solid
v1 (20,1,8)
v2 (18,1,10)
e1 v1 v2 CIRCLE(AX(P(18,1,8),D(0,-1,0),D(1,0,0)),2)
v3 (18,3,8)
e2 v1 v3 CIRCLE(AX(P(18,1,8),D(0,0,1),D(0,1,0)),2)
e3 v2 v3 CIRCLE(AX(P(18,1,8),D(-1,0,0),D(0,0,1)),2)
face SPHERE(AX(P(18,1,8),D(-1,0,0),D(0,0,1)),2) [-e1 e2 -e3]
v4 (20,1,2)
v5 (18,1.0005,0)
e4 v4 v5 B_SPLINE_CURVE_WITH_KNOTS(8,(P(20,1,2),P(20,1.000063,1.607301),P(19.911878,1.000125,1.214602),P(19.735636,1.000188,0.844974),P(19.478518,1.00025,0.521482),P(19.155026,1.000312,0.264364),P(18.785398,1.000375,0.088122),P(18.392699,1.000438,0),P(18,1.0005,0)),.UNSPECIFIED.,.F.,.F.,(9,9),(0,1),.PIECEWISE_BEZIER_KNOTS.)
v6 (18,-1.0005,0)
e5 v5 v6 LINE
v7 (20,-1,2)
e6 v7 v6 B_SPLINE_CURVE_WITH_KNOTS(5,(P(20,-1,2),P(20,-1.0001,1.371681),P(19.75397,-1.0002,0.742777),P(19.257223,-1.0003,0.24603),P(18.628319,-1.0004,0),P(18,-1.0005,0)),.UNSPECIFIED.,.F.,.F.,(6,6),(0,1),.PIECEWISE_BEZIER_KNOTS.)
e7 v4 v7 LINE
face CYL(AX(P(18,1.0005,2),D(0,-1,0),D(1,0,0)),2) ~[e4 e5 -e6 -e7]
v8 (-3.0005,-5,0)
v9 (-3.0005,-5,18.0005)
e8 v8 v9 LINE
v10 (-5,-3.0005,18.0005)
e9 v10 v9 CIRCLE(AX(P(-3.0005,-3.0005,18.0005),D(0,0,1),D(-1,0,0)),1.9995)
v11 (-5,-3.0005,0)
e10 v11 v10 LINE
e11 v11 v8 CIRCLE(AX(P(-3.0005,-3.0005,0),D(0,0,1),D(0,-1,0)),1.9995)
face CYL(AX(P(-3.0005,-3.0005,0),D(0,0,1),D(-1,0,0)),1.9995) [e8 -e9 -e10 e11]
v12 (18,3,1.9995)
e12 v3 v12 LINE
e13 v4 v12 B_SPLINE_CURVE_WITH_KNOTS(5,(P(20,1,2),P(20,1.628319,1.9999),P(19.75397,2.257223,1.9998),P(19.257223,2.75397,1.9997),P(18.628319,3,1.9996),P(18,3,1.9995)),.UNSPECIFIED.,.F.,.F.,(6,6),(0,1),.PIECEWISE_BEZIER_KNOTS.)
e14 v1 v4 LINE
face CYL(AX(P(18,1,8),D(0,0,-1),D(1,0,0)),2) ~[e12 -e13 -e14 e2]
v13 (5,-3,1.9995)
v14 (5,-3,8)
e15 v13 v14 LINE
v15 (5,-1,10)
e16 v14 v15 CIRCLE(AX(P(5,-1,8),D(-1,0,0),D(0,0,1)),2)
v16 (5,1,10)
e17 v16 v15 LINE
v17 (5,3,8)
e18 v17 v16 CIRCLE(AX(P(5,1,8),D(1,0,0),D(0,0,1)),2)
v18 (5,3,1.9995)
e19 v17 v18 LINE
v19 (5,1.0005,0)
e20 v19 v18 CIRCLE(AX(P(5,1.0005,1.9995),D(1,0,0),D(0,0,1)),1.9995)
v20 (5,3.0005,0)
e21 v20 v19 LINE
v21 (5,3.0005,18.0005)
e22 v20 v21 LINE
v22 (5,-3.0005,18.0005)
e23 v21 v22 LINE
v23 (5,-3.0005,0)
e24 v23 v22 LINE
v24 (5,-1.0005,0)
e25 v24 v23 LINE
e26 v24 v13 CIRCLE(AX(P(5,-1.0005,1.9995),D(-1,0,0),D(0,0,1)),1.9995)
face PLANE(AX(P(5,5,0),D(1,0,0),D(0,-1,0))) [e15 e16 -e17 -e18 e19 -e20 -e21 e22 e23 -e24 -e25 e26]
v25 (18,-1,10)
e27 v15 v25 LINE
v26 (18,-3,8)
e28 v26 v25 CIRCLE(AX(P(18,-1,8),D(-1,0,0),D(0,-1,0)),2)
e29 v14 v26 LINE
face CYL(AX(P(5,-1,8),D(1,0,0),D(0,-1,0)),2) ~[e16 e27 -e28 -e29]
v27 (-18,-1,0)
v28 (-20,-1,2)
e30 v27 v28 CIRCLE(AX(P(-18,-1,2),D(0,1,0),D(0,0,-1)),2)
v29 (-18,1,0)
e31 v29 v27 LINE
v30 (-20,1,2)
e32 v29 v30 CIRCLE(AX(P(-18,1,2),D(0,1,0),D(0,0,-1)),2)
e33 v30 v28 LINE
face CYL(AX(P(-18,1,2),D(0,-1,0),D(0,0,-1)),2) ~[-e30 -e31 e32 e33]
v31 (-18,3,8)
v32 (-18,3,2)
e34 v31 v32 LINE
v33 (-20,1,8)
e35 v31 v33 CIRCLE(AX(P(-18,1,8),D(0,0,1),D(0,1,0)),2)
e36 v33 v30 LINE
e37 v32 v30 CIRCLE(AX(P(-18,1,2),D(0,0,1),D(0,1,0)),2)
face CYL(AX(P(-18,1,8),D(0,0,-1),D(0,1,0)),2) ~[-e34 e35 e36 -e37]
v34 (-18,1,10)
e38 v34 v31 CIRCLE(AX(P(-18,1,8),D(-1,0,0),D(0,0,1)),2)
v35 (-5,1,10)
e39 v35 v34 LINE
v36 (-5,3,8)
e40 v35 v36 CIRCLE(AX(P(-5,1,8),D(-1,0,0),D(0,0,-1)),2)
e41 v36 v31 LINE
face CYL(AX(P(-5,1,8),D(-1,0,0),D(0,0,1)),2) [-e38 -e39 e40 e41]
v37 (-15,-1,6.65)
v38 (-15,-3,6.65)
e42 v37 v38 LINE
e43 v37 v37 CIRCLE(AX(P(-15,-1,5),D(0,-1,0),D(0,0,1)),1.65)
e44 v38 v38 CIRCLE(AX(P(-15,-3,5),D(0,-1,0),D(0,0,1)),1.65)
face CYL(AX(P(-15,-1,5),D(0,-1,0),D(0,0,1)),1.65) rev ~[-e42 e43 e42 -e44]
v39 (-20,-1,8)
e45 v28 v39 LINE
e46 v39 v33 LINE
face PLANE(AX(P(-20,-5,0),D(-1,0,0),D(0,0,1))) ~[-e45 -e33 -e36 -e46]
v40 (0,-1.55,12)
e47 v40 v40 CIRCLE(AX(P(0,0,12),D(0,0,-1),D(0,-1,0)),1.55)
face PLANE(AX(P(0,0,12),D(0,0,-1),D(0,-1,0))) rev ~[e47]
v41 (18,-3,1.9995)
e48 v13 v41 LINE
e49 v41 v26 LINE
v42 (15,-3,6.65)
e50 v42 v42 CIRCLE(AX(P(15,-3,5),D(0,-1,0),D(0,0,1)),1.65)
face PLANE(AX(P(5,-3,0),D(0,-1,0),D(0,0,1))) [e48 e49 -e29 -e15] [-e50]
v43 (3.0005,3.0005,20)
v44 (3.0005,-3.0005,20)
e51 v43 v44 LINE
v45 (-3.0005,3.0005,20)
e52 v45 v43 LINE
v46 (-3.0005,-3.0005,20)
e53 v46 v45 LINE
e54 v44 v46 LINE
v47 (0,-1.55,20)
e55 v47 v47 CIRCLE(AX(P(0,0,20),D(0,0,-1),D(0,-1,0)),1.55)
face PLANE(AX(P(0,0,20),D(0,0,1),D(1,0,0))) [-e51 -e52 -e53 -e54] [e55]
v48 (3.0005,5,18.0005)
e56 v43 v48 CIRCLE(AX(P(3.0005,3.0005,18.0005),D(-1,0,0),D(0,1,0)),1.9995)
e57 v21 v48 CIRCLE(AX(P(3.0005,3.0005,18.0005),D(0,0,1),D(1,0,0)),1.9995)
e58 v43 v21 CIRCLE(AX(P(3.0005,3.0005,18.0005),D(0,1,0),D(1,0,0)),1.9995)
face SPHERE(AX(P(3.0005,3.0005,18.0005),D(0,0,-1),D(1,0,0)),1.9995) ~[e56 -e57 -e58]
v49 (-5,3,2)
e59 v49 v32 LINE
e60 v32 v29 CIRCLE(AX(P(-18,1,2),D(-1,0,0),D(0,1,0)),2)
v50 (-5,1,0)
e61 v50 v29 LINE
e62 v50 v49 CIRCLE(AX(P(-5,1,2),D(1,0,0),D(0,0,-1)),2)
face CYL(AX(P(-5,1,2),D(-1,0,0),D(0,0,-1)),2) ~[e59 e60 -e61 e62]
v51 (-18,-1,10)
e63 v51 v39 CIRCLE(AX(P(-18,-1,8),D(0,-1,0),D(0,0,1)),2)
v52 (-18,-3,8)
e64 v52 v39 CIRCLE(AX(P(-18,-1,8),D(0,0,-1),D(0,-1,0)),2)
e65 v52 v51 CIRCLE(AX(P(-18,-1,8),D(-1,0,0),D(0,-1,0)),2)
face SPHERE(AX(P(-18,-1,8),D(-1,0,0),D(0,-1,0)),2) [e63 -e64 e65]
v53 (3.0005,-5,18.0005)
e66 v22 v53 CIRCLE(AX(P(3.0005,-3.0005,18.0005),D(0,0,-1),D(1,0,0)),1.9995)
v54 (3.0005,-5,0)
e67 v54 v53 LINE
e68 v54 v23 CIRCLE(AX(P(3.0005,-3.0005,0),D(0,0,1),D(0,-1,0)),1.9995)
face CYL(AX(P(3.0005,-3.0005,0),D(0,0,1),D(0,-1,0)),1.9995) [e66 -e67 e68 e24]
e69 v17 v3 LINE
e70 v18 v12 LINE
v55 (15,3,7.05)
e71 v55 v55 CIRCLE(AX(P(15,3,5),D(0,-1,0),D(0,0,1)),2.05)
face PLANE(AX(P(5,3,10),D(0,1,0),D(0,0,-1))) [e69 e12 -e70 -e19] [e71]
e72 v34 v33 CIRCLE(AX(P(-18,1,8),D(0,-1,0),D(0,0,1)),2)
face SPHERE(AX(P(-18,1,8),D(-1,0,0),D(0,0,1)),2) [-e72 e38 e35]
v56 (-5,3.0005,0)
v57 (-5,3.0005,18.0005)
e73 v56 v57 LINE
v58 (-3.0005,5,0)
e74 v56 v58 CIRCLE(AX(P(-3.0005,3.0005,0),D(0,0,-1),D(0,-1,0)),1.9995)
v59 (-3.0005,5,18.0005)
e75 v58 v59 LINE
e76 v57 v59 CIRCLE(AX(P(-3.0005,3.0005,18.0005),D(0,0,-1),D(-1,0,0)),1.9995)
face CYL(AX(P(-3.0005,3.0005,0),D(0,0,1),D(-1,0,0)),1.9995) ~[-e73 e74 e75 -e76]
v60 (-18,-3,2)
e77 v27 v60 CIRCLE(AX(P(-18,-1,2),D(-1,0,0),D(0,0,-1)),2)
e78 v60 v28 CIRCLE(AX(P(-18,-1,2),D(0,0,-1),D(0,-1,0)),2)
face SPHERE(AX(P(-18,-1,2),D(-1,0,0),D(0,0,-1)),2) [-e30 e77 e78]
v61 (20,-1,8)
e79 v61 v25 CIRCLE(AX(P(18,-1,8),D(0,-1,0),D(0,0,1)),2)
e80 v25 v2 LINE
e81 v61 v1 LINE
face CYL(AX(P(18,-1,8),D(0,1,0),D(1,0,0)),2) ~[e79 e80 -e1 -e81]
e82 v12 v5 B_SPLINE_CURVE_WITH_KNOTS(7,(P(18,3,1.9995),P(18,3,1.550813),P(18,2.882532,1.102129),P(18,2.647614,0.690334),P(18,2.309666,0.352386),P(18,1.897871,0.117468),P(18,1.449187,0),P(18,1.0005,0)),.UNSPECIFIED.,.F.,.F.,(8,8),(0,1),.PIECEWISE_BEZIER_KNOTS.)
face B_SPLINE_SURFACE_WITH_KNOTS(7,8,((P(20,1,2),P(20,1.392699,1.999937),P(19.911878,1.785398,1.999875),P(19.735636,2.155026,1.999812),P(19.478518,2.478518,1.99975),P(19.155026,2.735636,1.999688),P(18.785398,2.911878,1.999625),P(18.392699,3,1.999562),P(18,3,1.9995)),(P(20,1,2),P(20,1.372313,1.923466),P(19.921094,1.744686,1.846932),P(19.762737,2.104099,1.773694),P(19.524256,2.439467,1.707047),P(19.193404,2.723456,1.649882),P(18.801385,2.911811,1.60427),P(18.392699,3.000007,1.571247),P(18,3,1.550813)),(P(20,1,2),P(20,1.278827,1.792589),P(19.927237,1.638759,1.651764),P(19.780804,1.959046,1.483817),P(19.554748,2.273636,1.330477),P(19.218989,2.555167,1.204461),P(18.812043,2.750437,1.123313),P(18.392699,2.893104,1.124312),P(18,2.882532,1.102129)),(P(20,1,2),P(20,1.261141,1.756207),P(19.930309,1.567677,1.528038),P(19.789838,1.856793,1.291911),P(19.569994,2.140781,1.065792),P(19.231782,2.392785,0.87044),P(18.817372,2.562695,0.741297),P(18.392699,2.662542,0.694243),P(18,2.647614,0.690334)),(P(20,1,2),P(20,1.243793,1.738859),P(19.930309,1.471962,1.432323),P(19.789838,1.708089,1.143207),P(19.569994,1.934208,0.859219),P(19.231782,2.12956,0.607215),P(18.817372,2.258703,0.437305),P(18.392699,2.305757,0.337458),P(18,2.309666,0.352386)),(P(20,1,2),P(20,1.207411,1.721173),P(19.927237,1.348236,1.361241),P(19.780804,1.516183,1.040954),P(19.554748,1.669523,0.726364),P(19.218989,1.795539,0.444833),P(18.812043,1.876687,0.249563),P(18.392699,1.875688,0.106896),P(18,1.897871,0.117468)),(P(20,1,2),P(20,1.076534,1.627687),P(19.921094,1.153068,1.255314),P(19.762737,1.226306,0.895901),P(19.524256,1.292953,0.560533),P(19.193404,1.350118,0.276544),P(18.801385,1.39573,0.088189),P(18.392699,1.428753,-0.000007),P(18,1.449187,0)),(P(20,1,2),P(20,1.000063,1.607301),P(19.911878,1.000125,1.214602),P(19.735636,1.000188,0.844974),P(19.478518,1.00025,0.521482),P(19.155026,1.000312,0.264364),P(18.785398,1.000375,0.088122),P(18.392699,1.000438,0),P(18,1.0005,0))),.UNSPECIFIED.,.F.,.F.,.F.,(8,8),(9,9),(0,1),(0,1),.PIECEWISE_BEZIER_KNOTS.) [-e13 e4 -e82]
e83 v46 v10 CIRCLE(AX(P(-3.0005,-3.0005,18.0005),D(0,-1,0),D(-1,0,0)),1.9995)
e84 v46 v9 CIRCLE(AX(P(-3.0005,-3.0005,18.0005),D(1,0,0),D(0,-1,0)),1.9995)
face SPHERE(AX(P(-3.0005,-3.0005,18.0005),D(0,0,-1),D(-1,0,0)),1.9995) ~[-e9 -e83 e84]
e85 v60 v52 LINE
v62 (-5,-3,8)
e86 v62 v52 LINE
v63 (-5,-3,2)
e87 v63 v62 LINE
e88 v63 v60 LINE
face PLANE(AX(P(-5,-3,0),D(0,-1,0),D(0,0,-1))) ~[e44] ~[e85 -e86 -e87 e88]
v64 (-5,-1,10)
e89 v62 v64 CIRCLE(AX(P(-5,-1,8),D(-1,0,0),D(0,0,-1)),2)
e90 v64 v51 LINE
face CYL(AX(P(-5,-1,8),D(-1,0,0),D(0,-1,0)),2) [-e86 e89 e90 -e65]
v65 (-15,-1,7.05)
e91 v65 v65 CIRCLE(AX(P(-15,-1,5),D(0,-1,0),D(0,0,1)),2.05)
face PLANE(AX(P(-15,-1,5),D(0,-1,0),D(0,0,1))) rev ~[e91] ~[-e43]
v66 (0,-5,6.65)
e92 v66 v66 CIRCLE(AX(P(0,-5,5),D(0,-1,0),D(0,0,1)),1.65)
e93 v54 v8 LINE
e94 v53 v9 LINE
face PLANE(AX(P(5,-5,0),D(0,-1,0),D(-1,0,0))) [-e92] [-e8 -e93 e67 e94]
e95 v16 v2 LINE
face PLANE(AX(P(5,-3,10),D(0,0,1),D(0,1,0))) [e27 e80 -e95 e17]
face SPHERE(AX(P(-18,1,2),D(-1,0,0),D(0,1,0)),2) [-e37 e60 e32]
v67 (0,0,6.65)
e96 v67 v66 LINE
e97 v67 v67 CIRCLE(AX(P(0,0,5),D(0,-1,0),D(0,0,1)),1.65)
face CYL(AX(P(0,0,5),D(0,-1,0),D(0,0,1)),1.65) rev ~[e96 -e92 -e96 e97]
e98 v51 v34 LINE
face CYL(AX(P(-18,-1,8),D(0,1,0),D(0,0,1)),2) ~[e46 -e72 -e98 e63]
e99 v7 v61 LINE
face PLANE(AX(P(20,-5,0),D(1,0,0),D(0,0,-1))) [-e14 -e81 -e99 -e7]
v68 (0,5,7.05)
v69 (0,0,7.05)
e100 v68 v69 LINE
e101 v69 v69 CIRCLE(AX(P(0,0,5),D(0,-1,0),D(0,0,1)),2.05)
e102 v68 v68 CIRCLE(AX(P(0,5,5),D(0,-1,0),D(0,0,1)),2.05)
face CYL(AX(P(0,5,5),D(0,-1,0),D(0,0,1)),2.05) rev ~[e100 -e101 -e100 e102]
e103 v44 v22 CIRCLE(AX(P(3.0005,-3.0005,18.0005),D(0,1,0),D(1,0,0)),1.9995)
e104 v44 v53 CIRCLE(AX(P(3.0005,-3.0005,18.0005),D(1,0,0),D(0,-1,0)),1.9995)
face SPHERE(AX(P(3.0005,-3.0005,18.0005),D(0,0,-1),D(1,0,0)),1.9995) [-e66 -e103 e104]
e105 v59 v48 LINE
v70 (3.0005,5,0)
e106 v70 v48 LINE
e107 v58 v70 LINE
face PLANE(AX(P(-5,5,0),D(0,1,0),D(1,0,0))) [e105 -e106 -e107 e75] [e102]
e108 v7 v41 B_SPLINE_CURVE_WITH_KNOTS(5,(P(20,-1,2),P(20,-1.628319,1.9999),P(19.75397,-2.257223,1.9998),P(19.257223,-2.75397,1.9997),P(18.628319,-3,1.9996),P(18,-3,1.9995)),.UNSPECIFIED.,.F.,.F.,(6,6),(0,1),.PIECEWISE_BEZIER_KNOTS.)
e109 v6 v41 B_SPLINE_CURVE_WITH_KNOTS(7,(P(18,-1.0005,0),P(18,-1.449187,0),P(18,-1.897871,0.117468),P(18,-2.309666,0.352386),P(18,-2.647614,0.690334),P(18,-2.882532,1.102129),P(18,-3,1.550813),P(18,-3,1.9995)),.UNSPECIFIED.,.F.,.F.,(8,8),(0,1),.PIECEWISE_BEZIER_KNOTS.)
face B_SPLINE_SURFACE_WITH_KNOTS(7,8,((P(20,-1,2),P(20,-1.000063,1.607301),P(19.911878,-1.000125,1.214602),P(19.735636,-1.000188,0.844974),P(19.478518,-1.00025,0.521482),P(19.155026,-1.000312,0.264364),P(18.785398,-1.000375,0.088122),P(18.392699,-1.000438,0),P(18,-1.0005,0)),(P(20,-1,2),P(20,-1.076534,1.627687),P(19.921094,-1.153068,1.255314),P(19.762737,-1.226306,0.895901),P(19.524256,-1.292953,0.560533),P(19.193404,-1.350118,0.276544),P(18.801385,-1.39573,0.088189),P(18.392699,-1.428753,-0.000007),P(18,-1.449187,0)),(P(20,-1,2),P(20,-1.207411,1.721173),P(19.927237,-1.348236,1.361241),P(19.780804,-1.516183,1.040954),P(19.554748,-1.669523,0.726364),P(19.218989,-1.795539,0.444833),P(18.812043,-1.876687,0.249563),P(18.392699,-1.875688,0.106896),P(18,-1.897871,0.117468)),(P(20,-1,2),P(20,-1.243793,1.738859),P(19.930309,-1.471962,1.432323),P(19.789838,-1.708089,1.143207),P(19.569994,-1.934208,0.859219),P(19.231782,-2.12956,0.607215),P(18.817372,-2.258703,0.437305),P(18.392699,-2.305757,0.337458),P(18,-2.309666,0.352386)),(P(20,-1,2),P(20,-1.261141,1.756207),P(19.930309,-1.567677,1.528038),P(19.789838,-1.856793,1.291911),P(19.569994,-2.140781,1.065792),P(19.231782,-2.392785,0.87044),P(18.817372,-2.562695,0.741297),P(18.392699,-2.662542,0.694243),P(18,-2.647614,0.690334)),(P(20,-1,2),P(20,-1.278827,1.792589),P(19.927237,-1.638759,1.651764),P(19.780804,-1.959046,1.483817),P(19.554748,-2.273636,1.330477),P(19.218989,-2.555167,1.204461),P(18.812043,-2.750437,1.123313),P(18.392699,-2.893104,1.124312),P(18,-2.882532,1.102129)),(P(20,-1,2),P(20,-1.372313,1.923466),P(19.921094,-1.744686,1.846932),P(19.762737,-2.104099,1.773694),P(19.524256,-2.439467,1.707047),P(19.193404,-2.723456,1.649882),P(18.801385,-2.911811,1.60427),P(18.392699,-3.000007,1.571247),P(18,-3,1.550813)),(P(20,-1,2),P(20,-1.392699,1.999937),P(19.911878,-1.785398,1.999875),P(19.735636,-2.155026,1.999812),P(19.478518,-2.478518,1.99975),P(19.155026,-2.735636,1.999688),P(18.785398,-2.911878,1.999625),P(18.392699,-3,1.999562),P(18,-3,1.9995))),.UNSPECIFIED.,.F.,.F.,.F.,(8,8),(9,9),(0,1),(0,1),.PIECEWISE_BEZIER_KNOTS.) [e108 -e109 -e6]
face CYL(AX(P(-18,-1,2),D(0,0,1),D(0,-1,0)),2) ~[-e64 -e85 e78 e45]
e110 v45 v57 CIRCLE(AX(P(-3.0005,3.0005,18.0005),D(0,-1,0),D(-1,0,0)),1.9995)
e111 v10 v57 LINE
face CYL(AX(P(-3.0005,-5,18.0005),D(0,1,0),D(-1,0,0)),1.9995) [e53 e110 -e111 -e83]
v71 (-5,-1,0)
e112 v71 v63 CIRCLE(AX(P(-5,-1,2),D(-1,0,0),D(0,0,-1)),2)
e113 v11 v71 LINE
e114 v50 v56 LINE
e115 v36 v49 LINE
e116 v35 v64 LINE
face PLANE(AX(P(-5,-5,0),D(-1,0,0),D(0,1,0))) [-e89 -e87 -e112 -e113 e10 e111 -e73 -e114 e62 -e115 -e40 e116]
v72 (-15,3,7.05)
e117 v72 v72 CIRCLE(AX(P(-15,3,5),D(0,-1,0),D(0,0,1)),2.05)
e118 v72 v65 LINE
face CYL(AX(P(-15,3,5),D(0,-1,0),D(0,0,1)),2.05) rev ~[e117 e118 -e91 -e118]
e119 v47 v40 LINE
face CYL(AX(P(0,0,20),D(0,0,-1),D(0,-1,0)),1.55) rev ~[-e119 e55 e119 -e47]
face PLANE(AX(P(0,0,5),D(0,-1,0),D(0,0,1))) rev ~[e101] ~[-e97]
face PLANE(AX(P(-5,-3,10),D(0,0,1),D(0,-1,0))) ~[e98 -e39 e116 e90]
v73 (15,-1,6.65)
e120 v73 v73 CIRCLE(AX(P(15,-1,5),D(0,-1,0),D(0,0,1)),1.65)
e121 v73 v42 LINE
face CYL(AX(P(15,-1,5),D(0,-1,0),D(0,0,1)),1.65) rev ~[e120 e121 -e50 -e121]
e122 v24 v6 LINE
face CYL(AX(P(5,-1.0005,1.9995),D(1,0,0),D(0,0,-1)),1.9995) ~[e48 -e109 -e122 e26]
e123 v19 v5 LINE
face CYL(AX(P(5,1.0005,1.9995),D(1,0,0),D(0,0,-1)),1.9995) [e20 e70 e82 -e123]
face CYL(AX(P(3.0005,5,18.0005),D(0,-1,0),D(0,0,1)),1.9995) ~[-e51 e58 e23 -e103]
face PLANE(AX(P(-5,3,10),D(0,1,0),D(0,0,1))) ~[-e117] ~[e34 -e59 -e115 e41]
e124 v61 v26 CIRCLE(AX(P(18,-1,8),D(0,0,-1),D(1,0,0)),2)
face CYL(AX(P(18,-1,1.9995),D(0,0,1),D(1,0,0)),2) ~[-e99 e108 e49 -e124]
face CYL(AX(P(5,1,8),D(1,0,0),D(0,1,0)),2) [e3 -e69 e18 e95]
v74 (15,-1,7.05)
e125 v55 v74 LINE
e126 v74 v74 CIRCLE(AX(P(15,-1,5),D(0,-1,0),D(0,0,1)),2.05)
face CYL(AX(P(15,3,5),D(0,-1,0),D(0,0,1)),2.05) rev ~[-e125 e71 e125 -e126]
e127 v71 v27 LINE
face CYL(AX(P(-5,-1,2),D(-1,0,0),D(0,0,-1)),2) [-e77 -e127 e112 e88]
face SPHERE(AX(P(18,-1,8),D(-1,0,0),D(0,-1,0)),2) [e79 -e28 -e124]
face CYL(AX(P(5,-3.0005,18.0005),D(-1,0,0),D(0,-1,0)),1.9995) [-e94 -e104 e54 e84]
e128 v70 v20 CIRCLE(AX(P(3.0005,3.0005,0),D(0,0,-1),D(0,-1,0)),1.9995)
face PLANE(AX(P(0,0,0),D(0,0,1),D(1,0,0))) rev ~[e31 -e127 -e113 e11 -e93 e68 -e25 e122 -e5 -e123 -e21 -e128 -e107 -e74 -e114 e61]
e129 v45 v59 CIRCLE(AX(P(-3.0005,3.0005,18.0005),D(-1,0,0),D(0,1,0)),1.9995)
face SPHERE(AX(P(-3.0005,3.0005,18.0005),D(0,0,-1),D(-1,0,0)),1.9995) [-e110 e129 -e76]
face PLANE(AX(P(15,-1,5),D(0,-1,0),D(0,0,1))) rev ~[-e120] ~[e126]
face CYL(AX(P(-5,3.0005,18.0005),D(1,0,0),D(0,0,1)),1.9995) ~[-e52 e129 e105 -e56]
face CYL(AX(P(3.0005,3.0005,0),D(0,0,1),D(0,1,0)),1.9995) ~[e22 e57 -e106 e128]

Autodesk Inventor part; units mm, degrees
ref_plane "YZ Plane" through (0, 0, 0) normal (1, 0, 0) x (0, 1, 0)
sketch "Sketch6" plane through (0, 0, 0) normal (0, 0, 1) x (1, 0, 0)
  line L0 (-5, 5) -> (5, 5)
  line L1 (5, 5) -> (5, -5)
  line L2 (5, -5) -> (-5, -5)
  line L3 (-5, -5) -> (-5, 5)
  point P0 (0, 0)
  dimension "d31" = 10
  dimension "d32" = 10
  dimension "d33" = 5
  dimension "d34" = 5
extrude "Extrusion3" add sketch "Sketch6" along normal blind 20
sketch "Sketch7" plane through (0, 0, 20) normal (0, 0, 1) x (1, 0, 0)
  point P0 (0, 0)
  point P1 (0, 0)
hole "Hole4" at (0, 0, 20) direction (0, 0, -1) diameter 3.1 depth 8
sketch "Sketch8" plane through (-5, 5, 0) normal (0, 1, 0) x (1, 0, 0)
  point P0 (5, 0)
  point P1 (5, -5)
  dimension "d44" = 5
hole "Hole5" at (0, 5, 5) direction (0, -1, 0) diameter 3.3 end through all counterbore diameter 4.1 counterbore depth 5
sketch "Sketch9" plane through (5, -5, 0) normal (1, 0, 0) x (0, 0, -1)
  line L0 (0, 10) -> (-20, 10) construction
  line L1 (-10, 10) -> (-10, 0) construction
  line L2 (0, 0) -> (-20, 0) construction
  line L3 (0, 0) -> (0, 10) projected
  line L4 (-10, 8) -> (0, 8)
  line L5 (0, 8) -> (0, 2)
  line L6 (0, 2) -> (-10, 2)
  line L7 (-10, 2) -> (-10, 8)
  line L8 (0, 5) -> (-20, 5)
  line L9 (-20, 10) -> (-20, 0) projected
  dimension "d52" = 6
extrude "Extrusion4" add sketch "Sketch9" along normal blind 15
ref_plane "Work Plane2" through (5, 3, 2) normal (0, 1, 0) x (1, 0, 0)
ref_plane "Work Plane1" through (0, -3, 18) normal (1, 0, 0) x (0, 0, -1)
mirror "Mirror1" about plane through (0, -3, 18) normal (1, 0, 0) of "Extrusion4"
fillet "Fillet3" radius 2 6 edges at (-12.5, 3, 0) (-12.5, 3, 10) (12.5, 3, 10) (-12.5, -3, 10) (12.5, -3, 10) (-12.5, -3, 0)
fillet "Fillet4" radius 2 10 edges at (12.5, 3, 0) (12.5, -3, 0) (5, 5, 10) (-5, 5, 10) (-5, -5, 10) (5, -5, 10) (-5, 0, 20) (5, 0, 20) (0, 5, 20) (0, -5, 20)
fillet "Fillet5" radius 2 14 edges at (20, -2.4144, 0.5856) (20, -3, 4.9997) (20, 0, 0) (20, 2.4144, 0.5856) (20, 3, 4.9997) (20, 0, 10) (-20, 0, 10) (-20, -2.4142, 9.4142) (-20, -3, 5) (-20, -2.4142, 0.5858) (-20, 0, 0) (-20, 2.4142, 0.5858) (-20, 3, 5) (-20, 2.4142, 9.4142)
sketch "Sketch11" plane through (-3, -5, 0) normal (0, -1, 0) x (1, 0, 0)
  circle A0 centre (3, 5) radius 1.65 projected
  point P0 (3, 0)
sketch "Sketch12" plane through (5, 3, 8) normal (0, 1, 0) x (1, 0, 0)
  line L0 (0, 6) -> (0, 0) construction
  line L1 (0, 3) -> (15, 3) construction
  line L2 (15, 0) -> (15, 6) construction
  line L3 (-10, 0) -> (-10, 6) construction
  line L4 (-10, 3) -> (-25, 3) construction
  line L5 (-25, 6) -> (-25, 0) construction
  point P0 (-5, 8)
  point P1 (10, 3)
  point P2 (-20, 3)
  dimension "d67" = 5
  dimension "d68" = 5
hole "Hole7" at (15, 3, 5) at (-15, 3, 5) direction (0, -1, 0) diameter 3.3 end through all counterbore diameter 4.1 counterbore depth 4
